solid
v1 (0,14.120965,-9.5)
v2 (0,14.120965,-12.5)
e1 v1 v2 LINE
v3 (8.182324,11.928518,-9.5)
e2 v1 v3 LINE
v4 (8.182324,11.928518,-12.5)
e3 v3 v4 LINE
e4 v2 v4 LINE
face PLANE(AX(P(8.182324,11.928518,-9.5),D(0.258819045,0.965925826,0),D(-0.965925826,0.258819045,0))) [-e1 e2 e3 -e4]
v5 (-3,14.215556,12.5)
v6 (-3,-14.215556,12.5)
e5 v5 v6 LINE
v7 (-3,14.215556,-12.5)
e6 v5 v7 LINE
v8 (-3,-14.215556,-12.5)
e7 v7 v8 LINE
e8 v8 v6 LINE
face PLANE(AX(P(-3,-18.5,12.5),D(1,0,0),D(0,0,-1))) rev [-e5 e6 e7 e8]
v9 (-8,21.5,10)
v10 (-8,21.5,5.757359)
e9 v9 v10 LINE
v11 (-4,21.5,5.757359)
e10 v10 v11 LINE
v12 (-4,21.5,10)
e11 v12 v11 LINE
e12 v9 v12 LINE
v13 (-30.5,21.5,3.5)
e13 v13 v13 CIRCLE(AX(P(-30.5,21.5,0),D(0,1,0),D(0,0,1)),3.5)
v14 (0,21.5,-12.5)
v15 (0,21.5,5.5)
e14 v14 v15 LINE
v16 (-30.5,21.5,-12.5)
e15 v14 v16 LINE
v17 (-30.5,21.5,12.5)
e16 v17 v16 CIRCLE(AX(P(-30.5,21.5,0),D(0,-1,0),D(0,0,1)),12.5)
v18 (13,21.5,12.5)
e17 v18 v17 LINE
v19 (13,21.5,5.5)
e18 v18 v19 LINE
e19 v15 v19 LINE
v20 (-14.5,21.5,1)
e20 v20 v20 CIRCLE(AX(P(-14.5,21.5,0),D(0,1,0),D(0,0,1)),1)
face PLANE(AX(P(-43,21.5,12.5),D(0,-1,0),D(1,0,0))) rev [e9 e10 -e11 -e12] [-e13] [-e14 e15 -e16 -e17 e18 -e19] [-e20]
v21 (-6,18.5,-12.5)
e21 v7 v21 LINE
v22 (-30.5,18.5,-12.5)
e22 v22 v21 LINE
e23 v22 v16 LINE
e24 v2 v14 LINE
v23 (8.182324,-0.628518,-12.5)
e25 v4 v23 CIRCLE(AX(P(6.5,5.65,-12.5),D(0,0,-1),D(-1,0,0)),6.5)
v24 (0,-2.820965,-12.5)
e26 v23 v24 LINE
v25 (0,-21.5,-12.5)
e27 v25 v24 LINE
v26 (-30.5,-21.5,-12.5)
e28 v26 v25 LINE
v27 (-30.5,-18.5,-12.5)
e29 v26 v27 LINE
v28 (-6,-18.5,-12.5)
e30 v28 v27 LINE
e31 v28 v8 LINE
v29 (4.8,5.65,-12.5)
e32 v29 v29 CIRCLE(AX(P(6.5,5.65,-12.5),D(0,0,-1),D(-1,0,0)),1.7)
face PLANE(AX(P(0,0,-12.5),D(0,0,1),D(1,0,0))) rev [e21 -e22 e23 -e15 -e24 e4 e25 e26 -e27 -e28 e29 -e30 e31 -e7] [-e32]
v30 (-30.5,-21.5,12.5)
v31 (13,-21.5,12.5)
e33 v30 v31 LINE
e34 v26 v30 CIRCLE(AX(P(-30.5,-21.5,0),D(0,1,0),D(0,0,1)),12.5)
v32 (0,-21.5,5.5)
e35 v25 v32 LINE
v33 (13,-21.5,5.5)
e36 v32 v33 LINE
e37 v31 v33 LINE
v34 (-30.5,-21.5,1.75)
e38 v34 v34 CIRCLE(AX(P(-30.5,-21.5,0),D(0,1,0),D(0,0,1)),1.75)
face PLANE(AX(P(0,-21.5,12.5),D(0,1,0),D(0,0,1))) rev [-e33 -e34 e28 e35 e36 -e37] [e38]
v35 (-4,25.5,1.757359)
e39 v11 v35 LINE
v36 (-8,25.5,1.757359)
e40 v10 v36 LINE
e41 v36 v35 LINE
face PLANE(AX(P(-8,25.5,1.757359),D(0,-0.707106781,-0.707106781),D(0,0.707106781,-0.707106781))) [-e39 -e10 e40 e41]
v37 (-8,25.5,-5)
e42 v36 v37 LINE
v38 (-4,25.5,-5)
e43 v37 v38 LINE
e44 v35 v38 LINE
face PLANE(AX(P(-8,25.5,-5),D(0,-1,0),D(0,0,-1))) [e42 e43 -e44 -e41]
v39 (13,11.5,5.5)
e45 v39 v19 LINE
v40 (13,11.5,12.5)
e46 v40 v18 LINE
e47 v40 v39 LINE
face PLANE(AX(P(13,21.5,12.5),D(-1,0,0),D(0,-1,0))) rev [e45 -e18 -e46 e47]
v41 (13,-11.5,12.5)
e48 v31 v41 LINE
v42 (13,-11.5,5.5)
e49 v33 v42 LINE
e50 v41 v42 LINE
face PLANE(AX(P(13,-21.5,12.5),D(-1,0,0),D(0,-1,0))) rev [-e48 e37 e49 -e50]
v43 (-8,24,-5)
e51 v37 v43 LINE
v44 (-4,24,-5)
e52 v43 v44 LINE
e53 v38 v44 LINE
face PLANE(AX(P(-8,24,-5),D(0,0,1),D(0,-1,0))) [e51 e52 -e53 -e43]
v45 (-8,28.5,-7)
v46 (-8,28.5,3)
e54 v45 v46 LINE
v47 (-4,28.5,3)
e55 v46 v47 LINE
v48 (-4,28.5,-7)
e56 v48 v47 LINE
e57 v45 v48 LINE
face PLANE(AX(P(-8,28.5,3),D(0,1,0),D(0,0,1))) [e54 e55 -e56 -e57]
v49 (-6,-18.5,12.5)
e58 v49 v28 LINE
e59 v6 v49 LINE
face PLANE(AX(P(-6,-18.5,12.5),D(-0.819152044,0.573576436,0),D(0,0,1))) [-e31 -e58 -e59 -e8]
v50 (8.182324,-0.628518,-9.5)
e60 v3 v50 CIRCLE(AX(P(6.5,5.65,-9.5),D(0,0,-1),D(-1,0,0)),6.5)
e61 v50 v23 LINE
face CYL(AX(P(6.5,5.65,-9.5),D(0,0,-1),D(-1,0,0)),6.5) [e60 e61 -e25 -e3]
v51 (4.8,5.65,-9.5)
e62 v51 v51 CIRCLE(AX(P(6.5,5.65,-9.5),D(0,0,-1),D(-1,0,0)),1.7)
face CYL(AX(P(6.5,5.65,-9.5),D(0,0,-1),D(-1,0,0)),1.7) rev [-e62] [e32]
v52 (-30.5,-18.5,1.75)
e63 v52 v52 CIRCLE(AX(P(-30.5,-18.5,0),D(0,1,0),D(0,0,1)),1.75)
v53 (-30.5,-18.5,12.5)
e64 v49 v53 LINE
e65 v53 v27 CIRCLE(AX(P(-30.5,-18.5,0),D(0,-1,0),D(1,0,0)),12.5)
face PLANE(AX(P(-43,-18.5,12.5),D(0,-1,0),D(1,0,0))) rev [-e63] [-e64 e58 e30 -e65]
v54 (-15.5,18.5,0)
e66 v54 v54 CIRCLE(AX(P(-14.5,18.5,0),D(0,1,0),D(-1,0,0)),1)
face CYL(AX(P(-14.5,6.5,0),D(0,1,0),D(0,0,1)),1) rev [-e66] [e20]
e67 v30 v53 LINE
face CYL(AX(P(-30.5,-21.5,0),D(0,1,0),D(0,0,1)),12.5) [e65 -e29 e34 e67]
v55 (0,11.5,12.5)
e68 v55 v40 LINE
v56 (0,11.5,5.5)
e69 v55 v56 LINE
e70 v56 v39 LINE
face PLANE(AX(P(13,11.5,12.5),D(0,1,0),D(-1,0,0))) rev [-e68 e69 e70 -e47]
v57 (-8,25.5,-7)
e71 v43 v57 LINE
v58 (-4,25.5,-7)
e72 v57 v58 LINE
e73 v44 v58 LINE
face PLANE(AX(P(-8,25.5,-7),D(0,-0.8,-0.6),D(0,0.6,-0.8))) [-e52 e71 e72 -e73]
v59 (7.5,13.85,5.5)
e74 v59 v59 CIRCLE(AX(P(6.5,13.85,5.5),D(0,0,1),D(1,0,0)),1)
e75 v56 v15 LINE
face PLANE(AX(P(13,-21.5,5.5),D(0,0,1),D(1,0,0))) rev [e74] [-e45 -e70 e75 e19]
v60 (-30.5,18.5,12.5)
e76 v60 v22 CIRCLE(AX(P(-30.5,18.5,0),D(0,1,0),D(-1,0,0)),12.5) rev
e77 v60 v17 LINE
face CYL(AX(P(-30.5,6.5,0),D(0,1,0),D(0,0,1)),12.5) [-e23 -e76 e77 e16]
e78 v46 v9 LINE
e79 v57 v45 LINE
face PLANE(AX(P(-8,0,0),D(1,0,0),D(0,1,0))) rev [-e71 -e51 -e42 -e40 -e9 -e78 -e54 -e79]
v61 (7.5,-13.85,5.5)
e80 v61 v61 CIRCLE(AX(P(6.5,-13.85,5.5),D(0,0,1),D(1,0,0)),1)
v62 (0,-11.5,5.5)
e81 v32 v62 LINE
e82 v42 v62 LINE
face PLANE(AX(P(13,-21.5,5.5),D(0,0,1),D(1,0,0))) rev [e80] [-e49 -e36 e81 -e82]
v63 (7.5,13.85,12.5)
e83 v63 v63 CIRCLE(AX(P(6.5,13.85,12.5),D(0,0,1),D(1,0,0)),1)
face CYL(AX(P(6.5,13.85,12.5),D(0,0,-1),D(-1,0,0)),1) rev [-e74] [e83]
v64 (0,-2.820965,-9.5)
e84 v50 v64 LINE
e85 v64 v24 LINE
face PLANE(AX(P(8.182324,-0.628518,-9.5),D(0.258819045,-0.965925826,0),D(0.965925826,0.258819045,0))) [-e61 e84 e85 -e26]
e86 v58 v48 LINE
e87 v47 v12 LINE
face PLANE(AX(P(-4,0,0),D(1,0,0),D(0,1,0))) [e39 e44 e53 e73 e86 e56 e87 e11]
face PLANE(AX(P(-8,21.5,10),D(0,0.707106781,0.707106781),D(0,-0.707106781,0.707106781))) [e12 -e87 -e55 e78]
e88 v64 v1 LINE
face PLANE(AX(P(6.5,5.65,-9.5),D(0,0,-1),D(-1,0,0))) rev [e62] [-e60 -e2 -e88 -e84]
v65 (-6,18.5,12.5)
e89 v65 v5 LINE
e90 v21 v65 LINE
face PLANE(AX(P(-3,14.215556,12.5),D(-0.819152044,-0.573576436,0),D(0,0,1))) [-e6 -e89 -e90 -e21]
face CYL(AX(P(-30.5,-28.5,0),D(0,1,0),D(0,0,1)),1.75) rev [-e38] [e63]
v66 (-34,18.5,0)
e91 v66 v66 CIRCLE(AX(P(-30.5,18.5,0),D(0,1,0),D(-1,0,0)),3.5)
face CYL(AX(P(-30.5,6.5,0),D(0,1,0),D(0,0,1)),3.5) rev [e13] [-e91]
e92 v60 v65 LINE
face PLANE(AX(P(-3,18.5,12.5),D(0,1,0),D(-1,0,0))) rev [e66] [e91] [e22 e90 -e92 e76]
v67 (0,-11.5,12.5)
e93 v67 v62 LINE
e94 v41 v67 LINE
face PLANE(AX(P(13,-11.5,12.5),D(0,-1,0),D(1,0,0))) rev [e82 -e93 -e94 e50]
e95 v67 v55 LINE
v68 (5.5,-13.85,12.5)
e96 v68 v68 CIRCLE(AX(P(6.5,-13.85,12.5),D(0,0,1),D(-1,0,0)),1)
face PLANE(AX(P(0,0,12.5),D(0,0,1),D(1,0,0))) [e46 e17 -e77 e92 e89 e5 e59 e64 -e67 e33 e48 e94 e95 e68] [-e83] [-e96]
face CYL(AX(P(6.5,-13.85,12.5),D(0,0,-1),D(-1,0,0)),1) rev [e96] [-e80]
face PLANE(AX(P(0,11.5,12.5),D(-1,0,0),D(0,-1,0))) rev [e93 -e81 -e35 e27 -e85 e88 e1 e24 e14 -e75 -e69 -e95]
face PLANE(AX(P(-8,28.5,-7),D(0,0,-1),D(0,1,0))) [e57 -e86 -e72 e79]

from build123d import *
from OCP.BRepFilletAPI import BRepFilletAPI_MakeChamfer

# Parameters (mm, degrees)
ESBO_O1_R                  = 1
RESSALTO_EXTRUS_O1_DEPTH   = 12.5
ESBO_O2_R                  = 3.5
ESBO_O2_R_2                = 1
CORTE_EXTRUS_O1_DEPTH      = 15
CORTE_EXTRUS_O2_DEPTH      = 56.625983137
CORTE_EXTRUS_O2_DEPTH_BACK = 56.625983137
ESBO_O4_W                  = 13
ESBO_O4_H                  = 18
ESBO_O5_R                  = 1.7
RESSALTO_EXTRUS_O2_DEPTH   = 3
CHANFRO1_SIZE              = 3
CHANFRO1_SIZE2             = 4.28444402
ESBO_O7_R                  = 1.75
CORTE_EXTRUS_O3_DEPTH      = 10
CORTE_EXTRUS_O4_DEPTH      = 63.08260626
RESSALTO_EXTRUS_O3_START   = -4
RESSALTO_EXTRUS_O3_DEPTH   = 4


with BuildPart() as part:
    # Esboço1 → Ressalto-extrusão1 (new, symmetric)
    with BuildSketch(Plane.XY):
        Polygon((0, -21.5), (-43, -21.5), (-43, -18.5), (-3, -18.5), (-3, 18.5), (-43, 18.5), (-43, 21.5), (0, 21.5), (13, 21.5), (13, 11.5), (0, 11.5), (0, -11.5), (13, -11.5), (13, -21.5), align=None)
        with Locations((6.5, 13.85)):
            Circle(ESBO_O1_R, mode=Mode.SUBTRACT)
        with Locations((6.5, -13.85)):
            Circle(ESBO_O1_R, mode=Mode.SUBTRACT)
    extrude(amount=RESSALTO_EXTRUS_O1_DEPTH, both=True)

    # Esboço2 → Corte-extrusão1 (cut)
    with BuildSketch(Plane(origin=(0, 21.5, 0), x_dir=(1, 0, 0), z_dir=(0, 1, 0))):
        with Locations((-30.5, 0)):
            Circle(ESBO_O2_R)
        with Locations((-14.5, 0)):
            Circle(ESBO_O2_R_2)
        with BuildLine():
            Line((-30.5, 12.5), (-64.159261009, 12.5))
            Line((-64.159261009, 12.5), (-64.159261009, -12.5))
            Line((-64.159261009, -12.5), (-30.5, -12.5))
            ThreePointArc((-30.5, -12.5), (-43, 0), (-30.5, 12.5))
        make_face()
    extrude(amount=-CORTE_EXTRUS_O1_DEPTH, mode=Mode.SUBTRACT)

    # Esboço4 → Corte-extrusão2 (cut, two sides: drawn at the far end of the back side and taken through both)
    with BuildSketch(Plane(origin=(0, -11.5, 0), x_dir=(1, 0, 0), z_dir=(0, 1, 0)).offset(-CORTE_EXTRUS_O2_DEPTH_BACK)):
        with Locations((6.5, 3.5)):
            Rectangle(ESBO_O4_W, ESBO_O4_H)
    extrude(amount=CORTE_EXTRUS_O2_DEPTH + CORTE_EXTRUS_O2_DEPTH_BACK, mode=Mode.SUBTRACT)

    # Esboço5 → Ressalto-extrusão2 (add)
    with BuildSketch(Plane(origin=(0, 0, -12.5), x_dir=(-1, 0, 0), z_dir=(0, 0, -1))):
        with BuildLine():
            Line((-8.182323793, 11.928517871), (0, 14.120964923))
            Line((0, 14.120964923), (0, -2.820964923))
            Line((0, -2.820964923), (-8.182323793, -0.628517871))
            ThreePointArc((-8.182323793, -0.628517871), (-13, 5.65), (-8.182323793, 11.928517871))
        make_face()
        with Locations((-6.5, 5.65)):
            Circle(ESBO_O5_R, mode=Mode.SUBTRACT)
    extrude(amount=-RESSALTO_EXTRUS_O2_DEPTH)

    # Chanfro1: one chamfer whose edges measure the first distance from different faces: ONE call of the kernel's chamfer builder (chamfer() names one face for all edges)
    chanfro1_edges_1 = [part.edges().sort_by_distance(p)[0] for p in [
        (-3, -18.5, 0),
    ]]
    chanfro1_side_1 = [part.faces().sort_by_distance(p)[0] for p in [
        (-23, -18.5, 0),
    ]]
    chanfro1_edges_2 = [part.edges().sort_by_distance(p)[0] for p in [
        (-3, 18.5, 0),
    ]]
    chanfro1_side_2 = [part.faces().sort_by_distance(p)[0] for p in [
        (-21.411390312, 18.5, 0),
    ]]
    chanfro1 = BRepFilletAPI_MakeChamfer(part.part.solid().wrapped)
    for e in chanfro1_edges_1:
        chanfro1.Add(CHANFRO1_SIZE, CHANFRO1_SIZE2, e.wrapped, chanfro1_side_1[0].wrapped)  # the first distance lies on this face
    for e in chanfro1_edges_2:
        chanfro1.Add(CHANFRO1_SIZE, CHANFRO1_SIZE2, e.wrapped, chanfro1_side_2[0].wrapped)  # the first distance lies on this face
    add(Compound.cast(chanfro1.Shape()), mode=Mode.REPLACE)

    # Esboço7 → Corte-extrusão3 (cut)
    with BuildSketch(Plane(origin=(0, -18.5, 0), x_dir=(1, 0, 0), z_dir=(0, 1, 0))):
        with Locations((-30.5, 0)):
            Circle(ESBO_O7_R)
    extrude(amount=-CORTE_EXTRUS_O3_DEPTH, mode=Mode.SUBTRACT)

    # Esboço2<2> → Corte-extrusão4 (cut, through all)
    with BuildSketch(Plane(origin=(0, 21.5, 0), x_dir=(1, 0, 0), z_dir=(0, 1, 0))):
        with BuildLine():
            Line((-30.5, 12.5), (-64.159261009, 12.5))
            Line((-64.159261009, 12.5), (-64.159261009, -12.5))
            Line((-64.159261009, -12.5), (-30.5, -12.5))
            ThreePointArc((-30.5, -12.5), (-43, 0), (-30.5, 12.5))
        make_face()
    extrude(amount=-CORTE_EXTRUS_O4_DEPTH, mode=Mode.SUBTRACT)

    # Esboço8 → Ressalto-extrusão3 (add)
    with BuildSketch(Plane(origin=(0, 0, 0), x_dir=(0, 0, -1), z_dir=(1, 0, 0)).offset(RESSALTO_EXTRUS_O3_START)):
        Polygon((-10, 21.5), (-3, 28.5), (7, 28.5), (7, 25.5), (5, 24), (5, 25.5), (-1.757359313, 25.5), (-5.757359313, 21.5), align=None)
    extrude(amount=-RESSALTO_EXTRUS_O3_DEPTH)


solid = part.part
